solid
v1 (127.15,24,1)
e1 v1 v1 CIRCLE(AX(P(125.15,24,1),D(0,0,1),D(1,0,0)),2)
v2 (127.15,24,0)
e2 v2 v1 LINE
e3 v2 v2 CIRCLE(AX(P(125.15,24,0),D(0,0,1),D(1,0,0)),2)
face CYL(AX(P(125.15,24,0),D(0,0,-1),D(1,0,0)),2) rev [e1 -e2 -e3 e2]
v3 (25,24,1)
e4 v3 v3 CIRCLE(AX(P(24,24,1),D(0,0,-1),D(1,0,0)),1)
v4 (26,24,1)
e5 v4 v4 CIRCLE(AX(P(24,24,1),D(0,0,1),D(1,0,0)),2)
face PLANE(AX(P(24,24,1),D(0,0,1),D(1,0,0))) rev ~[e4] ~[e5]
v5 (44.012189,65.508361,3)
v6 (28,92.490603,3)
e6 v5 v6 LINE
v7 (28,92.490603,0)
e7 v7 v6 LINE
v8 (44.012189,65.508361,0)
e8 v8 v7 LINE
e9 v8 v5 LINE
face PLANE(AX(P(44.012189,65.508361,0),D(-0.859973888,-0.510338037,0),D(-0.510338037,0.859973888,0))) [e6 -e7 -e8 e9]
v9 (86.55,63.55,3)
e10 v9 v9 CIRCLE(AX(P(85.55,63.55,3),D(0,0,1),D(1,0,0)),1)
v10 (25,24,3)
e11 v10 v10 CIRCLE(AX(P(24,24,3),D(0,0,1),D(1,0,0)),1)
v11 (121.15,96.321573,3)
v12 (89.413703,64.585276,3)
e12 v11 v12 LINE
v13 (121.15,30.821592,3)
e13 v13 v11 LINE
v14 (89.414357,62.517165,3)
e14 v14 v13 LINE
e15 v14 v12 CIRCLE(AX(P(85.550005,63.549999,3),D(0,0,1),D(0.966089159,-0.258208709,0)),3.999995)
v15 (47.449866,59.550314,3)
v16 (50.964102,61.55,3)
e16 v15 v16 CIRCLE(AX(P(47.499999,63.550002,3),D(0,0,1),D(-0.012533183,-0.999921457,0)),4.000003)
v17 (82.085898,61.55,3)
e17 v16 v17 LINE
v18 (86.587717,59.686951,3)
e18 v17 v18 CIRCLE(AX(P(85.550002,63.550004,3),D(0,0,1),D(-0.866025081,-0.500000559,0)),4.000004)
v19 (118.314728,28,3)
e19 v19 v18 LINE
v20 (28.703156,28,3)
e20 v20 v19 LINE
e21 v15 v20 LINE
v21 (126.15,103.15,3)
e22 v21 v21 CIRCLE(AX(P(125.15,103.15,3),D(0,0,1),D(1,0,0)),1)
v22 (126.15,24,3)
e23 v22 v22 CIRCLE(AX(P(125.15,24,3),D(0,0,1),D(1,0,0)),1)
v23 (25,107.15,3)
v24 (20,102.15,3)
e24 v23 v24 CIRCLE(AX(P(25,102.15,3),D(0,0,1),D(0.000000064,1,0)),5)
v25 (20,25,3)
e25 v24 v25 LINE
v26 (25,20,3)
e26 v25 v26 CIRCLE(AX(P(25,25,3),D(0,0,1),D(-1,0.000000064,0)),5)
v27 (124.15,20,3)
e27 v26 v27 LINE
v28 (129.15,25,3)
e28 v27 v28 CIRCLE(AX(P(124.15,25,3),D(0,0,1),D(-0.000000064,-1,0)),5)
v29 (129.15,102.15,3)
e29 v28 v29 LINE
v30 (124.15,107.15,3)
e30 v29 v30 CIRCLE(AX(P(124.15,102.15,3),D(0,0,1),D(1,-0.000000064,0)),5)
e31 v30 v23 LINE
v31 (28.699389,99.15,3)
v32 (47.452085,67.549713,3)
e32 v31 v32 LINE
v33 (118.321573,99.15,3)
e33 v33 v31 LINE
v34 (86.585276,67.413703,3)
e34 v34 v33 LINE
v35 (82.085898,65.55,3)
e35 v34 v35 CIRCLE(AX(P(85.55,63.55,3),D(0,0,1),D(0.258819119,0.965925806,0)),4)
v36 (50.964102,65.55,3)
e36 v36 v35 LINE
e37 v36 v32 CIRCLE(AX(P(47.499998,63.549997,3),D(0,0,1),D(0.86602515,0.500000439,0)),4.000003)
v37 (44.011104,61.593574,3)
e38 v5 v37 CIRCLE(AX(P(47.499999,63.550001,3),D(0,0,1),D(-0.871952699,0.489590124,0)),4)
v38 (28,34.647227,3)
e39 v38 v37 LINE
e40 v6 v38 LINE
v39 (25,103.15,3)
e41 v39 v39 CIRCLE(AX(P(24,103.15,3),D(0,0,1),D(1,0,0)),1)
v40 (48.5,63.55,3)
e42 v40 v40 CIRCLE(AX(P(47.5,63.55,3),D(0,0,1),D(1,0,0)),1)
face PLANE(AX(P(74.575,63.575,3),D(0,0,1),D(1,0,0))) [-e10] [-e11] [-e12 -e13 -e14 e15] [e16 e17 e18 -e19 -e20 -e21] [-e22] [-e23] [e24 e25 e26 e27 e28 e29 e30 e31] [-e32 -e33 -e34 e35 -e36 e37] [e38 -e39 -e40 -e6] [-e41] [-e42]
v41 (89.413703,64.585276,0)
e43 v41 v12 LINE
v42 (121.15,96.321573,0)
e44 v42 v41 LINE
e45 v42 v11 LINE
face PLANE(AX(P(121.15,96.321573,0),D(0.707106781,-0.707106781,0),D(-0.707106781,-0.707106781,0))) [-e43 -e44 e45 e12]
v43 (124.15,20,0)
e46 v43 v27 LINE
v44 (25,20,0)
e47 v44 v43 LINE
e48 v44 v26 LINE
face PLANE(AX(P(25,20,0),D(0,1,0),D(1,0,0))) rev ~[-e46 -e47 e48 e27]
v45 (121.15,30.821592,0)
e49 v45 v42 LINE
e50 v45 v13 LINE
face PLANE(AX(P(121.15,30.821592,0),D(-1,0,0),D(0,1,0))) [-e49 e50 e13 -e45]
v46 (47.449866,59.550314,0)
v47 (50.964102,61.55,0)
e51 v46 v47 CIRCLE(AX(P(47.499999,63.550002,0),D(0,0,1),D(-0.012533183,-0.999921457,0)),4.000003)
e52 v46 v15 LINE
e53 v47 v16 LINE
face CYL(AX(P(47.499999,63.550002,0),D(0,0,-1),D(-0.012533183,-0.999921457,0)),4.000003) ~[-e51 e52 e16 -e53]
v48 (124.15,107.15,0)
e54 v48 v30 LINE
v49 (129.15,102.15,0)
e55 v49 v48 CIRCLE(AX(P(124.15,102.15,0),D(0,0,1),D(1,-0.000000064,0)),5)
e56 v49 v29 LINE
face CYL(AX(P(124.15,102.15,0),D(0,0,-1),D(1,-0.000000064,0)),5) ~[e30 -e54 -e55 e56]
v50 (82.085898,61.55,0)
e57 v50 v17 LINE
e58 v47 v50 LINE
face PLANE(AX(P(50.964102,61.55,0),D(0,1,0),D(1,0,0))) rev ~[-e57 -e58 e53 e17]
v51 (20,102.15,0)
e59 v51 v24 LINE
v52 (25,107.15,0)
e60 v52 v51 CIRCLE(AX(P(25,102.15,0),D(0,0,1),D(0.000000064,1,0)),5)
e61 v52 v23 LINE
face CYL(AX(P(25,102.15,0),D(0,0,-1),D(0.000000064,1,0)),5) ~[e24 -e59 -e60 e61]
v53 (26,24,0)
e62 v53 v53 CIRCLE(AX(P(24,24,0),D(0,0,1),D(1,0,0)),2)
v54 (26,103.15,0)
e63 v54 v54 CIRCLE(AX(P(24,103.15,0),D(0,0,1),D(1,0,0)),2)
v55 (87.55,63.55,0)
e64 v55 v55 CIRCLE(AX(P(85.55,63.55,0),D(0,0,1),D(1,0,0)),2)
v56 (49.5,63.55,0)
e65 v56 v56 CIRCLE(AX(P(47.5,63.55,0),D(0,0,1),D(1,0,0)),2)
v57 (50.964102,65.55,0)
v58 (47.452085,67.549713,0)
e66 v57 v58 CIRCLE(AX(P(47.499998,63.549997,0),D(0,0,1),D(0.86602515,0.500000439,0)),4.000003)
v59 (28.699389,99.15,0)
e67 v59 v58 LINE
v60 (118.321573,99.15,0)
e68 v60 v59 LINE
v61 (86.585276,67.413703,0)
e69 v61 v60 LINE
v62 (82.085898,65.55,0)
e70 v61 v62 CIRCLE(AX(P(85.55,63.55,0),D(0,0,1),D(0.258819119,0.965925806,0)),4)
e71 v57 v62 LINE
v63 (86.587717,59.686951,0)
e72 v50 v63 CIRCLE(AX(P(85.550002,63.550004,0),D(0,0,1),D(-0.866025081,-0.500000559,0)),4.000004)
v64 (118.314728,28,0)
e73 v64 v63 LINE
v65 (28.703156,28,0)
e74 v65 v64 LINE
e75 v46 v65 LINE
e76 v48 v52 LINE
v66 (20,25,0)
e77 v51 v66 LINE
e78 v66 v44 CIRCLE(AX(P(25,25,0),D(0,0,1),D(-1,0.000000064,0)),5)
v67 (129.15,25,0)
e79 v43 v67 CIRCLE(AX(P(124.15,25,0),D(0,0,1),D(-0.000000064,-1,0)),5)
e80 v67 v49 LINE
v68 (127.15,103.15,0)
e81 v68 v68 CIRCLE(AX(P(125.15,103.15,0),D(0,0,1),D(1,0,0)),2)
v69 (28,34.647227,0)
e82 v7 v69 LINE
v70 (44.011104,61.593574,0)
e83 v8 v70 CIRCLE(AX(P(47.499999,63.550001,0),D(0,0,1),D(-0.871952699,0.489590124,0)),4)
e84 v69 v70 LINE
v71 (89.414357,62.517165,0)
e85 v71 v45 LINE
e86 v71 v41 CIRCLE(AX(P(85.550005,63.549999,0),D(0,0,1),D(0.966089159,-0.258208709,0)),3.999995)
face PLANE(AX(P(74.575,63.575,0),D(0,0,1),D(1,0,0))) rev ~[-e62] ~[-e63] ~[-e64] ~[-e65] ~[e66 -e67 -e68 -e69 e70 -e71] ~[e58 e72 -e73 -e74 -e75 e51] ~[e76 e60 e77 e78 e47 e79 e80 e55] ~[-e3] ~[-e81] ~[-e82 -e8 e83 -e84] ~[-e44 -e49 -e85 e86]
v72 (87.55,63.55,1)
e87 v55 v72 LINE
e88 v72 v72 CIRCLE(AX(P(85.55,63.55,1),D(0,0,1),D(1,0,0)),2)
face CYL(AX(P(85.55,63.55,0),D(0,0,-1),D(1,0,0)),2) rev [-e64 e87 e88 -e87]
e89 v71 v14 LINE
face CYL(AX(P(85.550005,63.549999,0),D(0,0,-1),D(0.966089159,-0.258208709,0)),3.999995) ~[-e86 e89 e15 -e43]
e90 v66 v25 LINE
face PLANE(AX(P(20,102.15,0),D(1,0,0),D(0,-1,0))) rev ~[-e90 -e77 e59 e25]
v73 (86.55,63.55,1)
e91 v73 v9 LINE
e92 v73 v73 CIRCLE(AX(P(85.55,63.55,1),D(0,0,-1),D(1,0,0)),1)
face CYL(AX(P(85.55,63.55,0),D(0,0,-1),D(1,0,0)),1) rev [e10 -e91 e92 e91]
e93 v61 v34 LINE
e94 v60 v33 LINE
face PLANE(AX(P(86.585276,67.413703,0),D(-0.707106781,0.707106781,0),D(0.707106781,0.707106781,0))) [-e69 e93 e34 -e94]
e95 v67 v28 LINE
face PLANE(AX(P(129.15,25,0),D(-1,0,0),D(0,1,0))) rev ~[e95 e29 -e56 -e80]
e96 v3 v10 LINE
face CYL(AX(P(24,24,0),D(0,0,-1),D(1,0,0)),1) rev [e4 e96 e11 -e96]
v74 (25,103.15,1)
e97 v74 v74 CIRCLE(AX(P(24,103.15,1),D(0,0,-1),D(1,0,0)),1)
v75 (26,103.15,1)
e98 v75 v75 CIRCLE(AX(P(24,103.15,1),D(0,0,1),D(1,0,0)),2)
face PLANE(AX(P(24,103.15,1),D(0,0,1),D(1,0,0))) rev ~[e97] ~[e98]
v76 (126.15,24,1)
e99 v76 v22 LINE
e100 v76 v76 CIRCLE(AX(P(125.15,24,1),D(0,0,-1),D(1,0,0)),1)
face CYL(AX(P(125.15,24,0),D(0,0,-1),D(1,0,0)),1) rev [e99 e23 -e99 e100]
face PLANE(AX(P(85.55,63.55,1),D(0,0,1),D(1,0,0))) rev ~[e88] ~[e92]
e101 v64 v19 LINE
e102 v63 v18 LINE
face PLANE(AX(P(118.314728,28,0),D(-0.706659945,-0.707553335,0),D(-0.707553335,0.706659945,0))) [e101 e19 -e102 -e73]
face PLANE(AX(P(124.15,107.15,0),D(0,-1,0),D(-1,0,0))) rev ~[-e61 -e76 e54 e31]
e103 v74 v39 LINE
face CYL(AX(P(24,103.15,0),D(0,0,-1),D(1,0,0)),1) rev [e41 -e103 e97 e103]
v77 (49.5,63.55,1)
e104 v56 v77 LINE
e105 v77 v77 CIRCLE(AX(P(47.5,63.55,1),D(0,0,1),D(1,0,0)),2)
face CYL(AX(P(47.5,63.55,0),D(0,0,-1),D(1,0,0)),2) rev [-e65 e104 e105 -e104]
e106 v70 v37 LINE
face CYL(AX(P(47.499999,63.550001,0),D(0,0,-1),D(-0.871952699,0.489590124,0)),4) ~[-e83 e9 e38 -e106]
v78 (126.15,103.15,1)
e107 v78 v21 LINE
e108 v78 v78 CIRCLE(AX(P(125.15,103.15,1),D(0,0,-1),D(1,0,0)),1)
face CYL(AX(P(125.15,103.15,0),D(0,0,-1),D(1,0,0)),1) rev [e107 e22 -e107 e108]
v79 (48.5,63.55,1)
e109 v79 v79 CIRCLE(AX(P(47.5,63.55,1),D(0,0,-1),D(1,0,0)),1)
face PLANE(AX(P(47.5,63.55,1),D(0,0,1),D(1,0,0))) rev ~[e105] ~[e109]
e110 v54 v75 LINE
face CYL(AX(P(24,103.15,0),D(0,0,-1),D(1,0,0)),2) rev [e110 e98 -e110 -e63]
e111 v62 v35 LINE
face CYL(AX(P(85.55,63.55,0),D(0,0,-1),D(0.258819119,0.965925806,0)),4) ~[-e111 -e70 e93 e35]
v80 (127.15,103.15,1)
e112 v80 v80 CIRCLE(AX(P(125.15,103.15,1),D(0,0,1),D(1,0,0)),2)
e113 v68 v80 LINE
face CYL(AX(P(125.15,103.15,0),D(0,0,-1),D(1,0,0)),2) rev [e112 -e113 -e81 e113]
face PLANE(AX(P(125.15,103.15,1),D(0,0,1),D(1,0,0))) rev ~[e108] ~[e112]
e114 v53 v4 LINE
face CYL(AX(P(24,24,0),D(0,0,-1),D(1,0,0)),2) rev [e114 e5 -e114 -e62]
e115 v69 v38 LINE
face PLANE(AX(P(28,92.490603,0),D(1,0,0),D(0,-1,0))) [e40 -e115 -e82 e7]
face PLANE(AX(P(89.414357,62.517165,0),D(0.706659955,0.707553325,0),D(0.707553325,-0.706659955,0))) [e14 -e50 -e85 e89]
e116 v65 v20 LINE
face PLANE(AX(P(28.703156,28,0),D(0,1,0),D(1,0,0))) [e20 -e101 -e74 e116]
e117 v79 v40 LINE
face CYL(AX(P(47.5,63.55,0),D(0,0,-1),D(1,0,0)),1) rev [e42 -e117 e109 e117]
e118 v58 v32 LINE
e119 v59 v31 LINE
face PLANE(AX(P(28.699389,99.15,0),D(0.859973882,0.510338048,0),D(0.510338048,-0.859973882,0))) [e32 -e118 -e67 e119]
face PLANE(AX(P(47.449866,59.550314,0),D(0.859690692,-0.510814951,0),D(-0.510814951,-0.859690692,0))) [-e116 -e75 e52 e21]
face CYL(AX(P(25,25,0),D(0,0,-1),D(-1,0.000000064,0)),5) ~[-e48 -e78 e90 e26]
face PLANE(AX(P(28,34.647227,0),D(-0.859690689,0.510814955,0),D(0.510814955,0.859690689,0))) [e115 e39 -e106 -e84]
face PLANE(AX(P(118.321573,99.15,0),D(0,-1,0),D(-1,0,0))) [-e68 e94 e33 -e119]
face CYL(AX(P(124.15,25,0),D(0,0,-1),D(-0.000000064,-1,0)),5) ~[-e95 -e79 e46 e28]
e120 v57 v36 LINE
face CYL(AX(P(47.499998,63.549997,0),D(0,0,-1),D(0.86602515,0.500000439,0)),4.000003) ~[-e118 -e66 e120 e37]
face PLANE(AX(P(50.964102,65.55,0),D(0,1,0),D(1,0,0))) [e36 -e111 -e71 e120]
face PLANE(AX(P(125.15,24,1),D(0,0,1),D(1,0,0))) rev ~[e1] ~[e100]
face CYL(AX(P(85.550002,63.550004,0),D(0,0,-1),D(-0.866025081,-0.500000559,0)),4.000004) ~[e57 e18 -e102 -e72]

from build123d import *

# Parameters (mm, degrees)
SKETCH002_R     = 1
PAD001_DEPTH    = 3
SKETCH003_R     = 2
POCKET001_DEPTH = 1


with BuildPart() as part:
    # Sketch002 → Pad001 (new body)
    with BuildSketch(Plane.XY):
        with BuildLine():
            Line((129.15, 25), (129.15, 102.15))
            ThreePointArc((129.15, 102.15), (127.685534, 105.685534), (124.15, 107.15))
            Line((124.15, 107.15), (25, 107.15))
            ThreePointArc((25, 107.15), (21.464466, 105.685534), (20, 102.15))
            Line((20, 102.15), (20, 25))
            ThreePointArc((20, 25), (21.464466, 21.464466), (25, 20))
            Line((25, 20), (124.15, 20))
            ThreePointArc((124.15, 20), (127.685534, 21.464466), (129.15, 25))
        make_face()
        with Locations((24, 103.15)):
            Circle(SKETCH002_R, mode=Mode.SUBTRACT)
        with Locations((24, 24)):
            Circle(SKETCH002_R, mode=Mode.SUBTRACT)
        with Locations((125.15, 24)):
            Circle(SKETCH002_R, mode=Mode.SUBTRACT)
        with Locations((125.15, 103.15)):
            Circle(SKETCH002_R, mode=Mode.SUBTRACT)
        with Locations((85.55, 63.55)):
            Circle(SKETCH002_R, mode=Mode.SUBTRACT)
        with Locations((47.5, 63.55)):
            Circle(SKETCH002_R, mode=Mode.SUBTRACT)
        with BuildLine():
            ThreePointArc((50.964102, 65.55), (49.479216, 67.026018), (47.452085, 67.549713))
            Line((28.699389, 99.15), (47.452085, 67.549713))
            Line((118.321573, 99.15), (28.699389, 99.15))
            Line((86.585276, 67.413703), (118.321573, 99.15))
            ThreePointArc((86.585276, 67.413703), (84.019266, 67.245518), (82.085898, 65.55))
            Line((50.964102, 65.55), (82.085898, 65.55))
        make_face(mode=Mode.SUBTRACT)
        with BuildLine():
            ThreePointArc((82.085898, 61.55), (84.020434, 59.853999), (86.587717, 59.686951))
            Line((118.314728, 28), (86.587717, 59.686951))
            Line((28.703156, 28), (118.314728, 28))
            Line((47.449866, 59.550314), (28.703156, 28))
            ThreePointArc((47.449866, 59.550314), (49.478252, 60.073433), (50.964102, 61.55))
            Line((50.964102, 61.55), (82.085898, 61.55))
        make_face(mode=Mode.SUBTRACT)
        with BuildLine():
            Line((89.414357, 62.517165), (121.15, 30.821592))
            Line((121.15, 30.821592), (121.15, 96.321573))
            Line((121.15, 96.321573), (89.413703, 64.585276))
            ThreePointArc((89.414357, 62.517165), (89.55, 63.551263), (89.413703, 64.585276))
        make_face(mode=Mode.SUBTRACT)
        with BuildLine():
            Line((44.012189, 65.508361), (28, 92.490603))
            Line((28, 92.490603), (28, 34.647227))
            Line((28, 34.647227), (44.011104, 61.593574))
            ThreePointArc((44.012189, 65.508361), (43.5, 63.551109), (44.011104, 61.593574))
        make_face(mode=Mode.SUBTRACT)
    extrude(amount=PAD001_DEPTH)

    # Sketch003 → Pocket001 (cut)
    with BuildSketch(Plane.XY):
        with Locations((24, 103.15)):
            Circle(SKETCH003_R)
        with Locations((24, 24)):
            Circle(SKETCH003_R)
        with Locations((125.15, 24)):
            Circle(SKETCH003_R)
        with Locations((125.15, 103.15)):
            Circle(SKETCH003_R)
        with Locations((85.55, 63.55)):
            Circle(SKETCH003_R)
        with Locations((47.5, 63.55)):
            Circle(SKETCH003_R)
    extrude(amount=POCKET001_DEPTH, mode=Mode.SUBTRACT)


solid = part.part
